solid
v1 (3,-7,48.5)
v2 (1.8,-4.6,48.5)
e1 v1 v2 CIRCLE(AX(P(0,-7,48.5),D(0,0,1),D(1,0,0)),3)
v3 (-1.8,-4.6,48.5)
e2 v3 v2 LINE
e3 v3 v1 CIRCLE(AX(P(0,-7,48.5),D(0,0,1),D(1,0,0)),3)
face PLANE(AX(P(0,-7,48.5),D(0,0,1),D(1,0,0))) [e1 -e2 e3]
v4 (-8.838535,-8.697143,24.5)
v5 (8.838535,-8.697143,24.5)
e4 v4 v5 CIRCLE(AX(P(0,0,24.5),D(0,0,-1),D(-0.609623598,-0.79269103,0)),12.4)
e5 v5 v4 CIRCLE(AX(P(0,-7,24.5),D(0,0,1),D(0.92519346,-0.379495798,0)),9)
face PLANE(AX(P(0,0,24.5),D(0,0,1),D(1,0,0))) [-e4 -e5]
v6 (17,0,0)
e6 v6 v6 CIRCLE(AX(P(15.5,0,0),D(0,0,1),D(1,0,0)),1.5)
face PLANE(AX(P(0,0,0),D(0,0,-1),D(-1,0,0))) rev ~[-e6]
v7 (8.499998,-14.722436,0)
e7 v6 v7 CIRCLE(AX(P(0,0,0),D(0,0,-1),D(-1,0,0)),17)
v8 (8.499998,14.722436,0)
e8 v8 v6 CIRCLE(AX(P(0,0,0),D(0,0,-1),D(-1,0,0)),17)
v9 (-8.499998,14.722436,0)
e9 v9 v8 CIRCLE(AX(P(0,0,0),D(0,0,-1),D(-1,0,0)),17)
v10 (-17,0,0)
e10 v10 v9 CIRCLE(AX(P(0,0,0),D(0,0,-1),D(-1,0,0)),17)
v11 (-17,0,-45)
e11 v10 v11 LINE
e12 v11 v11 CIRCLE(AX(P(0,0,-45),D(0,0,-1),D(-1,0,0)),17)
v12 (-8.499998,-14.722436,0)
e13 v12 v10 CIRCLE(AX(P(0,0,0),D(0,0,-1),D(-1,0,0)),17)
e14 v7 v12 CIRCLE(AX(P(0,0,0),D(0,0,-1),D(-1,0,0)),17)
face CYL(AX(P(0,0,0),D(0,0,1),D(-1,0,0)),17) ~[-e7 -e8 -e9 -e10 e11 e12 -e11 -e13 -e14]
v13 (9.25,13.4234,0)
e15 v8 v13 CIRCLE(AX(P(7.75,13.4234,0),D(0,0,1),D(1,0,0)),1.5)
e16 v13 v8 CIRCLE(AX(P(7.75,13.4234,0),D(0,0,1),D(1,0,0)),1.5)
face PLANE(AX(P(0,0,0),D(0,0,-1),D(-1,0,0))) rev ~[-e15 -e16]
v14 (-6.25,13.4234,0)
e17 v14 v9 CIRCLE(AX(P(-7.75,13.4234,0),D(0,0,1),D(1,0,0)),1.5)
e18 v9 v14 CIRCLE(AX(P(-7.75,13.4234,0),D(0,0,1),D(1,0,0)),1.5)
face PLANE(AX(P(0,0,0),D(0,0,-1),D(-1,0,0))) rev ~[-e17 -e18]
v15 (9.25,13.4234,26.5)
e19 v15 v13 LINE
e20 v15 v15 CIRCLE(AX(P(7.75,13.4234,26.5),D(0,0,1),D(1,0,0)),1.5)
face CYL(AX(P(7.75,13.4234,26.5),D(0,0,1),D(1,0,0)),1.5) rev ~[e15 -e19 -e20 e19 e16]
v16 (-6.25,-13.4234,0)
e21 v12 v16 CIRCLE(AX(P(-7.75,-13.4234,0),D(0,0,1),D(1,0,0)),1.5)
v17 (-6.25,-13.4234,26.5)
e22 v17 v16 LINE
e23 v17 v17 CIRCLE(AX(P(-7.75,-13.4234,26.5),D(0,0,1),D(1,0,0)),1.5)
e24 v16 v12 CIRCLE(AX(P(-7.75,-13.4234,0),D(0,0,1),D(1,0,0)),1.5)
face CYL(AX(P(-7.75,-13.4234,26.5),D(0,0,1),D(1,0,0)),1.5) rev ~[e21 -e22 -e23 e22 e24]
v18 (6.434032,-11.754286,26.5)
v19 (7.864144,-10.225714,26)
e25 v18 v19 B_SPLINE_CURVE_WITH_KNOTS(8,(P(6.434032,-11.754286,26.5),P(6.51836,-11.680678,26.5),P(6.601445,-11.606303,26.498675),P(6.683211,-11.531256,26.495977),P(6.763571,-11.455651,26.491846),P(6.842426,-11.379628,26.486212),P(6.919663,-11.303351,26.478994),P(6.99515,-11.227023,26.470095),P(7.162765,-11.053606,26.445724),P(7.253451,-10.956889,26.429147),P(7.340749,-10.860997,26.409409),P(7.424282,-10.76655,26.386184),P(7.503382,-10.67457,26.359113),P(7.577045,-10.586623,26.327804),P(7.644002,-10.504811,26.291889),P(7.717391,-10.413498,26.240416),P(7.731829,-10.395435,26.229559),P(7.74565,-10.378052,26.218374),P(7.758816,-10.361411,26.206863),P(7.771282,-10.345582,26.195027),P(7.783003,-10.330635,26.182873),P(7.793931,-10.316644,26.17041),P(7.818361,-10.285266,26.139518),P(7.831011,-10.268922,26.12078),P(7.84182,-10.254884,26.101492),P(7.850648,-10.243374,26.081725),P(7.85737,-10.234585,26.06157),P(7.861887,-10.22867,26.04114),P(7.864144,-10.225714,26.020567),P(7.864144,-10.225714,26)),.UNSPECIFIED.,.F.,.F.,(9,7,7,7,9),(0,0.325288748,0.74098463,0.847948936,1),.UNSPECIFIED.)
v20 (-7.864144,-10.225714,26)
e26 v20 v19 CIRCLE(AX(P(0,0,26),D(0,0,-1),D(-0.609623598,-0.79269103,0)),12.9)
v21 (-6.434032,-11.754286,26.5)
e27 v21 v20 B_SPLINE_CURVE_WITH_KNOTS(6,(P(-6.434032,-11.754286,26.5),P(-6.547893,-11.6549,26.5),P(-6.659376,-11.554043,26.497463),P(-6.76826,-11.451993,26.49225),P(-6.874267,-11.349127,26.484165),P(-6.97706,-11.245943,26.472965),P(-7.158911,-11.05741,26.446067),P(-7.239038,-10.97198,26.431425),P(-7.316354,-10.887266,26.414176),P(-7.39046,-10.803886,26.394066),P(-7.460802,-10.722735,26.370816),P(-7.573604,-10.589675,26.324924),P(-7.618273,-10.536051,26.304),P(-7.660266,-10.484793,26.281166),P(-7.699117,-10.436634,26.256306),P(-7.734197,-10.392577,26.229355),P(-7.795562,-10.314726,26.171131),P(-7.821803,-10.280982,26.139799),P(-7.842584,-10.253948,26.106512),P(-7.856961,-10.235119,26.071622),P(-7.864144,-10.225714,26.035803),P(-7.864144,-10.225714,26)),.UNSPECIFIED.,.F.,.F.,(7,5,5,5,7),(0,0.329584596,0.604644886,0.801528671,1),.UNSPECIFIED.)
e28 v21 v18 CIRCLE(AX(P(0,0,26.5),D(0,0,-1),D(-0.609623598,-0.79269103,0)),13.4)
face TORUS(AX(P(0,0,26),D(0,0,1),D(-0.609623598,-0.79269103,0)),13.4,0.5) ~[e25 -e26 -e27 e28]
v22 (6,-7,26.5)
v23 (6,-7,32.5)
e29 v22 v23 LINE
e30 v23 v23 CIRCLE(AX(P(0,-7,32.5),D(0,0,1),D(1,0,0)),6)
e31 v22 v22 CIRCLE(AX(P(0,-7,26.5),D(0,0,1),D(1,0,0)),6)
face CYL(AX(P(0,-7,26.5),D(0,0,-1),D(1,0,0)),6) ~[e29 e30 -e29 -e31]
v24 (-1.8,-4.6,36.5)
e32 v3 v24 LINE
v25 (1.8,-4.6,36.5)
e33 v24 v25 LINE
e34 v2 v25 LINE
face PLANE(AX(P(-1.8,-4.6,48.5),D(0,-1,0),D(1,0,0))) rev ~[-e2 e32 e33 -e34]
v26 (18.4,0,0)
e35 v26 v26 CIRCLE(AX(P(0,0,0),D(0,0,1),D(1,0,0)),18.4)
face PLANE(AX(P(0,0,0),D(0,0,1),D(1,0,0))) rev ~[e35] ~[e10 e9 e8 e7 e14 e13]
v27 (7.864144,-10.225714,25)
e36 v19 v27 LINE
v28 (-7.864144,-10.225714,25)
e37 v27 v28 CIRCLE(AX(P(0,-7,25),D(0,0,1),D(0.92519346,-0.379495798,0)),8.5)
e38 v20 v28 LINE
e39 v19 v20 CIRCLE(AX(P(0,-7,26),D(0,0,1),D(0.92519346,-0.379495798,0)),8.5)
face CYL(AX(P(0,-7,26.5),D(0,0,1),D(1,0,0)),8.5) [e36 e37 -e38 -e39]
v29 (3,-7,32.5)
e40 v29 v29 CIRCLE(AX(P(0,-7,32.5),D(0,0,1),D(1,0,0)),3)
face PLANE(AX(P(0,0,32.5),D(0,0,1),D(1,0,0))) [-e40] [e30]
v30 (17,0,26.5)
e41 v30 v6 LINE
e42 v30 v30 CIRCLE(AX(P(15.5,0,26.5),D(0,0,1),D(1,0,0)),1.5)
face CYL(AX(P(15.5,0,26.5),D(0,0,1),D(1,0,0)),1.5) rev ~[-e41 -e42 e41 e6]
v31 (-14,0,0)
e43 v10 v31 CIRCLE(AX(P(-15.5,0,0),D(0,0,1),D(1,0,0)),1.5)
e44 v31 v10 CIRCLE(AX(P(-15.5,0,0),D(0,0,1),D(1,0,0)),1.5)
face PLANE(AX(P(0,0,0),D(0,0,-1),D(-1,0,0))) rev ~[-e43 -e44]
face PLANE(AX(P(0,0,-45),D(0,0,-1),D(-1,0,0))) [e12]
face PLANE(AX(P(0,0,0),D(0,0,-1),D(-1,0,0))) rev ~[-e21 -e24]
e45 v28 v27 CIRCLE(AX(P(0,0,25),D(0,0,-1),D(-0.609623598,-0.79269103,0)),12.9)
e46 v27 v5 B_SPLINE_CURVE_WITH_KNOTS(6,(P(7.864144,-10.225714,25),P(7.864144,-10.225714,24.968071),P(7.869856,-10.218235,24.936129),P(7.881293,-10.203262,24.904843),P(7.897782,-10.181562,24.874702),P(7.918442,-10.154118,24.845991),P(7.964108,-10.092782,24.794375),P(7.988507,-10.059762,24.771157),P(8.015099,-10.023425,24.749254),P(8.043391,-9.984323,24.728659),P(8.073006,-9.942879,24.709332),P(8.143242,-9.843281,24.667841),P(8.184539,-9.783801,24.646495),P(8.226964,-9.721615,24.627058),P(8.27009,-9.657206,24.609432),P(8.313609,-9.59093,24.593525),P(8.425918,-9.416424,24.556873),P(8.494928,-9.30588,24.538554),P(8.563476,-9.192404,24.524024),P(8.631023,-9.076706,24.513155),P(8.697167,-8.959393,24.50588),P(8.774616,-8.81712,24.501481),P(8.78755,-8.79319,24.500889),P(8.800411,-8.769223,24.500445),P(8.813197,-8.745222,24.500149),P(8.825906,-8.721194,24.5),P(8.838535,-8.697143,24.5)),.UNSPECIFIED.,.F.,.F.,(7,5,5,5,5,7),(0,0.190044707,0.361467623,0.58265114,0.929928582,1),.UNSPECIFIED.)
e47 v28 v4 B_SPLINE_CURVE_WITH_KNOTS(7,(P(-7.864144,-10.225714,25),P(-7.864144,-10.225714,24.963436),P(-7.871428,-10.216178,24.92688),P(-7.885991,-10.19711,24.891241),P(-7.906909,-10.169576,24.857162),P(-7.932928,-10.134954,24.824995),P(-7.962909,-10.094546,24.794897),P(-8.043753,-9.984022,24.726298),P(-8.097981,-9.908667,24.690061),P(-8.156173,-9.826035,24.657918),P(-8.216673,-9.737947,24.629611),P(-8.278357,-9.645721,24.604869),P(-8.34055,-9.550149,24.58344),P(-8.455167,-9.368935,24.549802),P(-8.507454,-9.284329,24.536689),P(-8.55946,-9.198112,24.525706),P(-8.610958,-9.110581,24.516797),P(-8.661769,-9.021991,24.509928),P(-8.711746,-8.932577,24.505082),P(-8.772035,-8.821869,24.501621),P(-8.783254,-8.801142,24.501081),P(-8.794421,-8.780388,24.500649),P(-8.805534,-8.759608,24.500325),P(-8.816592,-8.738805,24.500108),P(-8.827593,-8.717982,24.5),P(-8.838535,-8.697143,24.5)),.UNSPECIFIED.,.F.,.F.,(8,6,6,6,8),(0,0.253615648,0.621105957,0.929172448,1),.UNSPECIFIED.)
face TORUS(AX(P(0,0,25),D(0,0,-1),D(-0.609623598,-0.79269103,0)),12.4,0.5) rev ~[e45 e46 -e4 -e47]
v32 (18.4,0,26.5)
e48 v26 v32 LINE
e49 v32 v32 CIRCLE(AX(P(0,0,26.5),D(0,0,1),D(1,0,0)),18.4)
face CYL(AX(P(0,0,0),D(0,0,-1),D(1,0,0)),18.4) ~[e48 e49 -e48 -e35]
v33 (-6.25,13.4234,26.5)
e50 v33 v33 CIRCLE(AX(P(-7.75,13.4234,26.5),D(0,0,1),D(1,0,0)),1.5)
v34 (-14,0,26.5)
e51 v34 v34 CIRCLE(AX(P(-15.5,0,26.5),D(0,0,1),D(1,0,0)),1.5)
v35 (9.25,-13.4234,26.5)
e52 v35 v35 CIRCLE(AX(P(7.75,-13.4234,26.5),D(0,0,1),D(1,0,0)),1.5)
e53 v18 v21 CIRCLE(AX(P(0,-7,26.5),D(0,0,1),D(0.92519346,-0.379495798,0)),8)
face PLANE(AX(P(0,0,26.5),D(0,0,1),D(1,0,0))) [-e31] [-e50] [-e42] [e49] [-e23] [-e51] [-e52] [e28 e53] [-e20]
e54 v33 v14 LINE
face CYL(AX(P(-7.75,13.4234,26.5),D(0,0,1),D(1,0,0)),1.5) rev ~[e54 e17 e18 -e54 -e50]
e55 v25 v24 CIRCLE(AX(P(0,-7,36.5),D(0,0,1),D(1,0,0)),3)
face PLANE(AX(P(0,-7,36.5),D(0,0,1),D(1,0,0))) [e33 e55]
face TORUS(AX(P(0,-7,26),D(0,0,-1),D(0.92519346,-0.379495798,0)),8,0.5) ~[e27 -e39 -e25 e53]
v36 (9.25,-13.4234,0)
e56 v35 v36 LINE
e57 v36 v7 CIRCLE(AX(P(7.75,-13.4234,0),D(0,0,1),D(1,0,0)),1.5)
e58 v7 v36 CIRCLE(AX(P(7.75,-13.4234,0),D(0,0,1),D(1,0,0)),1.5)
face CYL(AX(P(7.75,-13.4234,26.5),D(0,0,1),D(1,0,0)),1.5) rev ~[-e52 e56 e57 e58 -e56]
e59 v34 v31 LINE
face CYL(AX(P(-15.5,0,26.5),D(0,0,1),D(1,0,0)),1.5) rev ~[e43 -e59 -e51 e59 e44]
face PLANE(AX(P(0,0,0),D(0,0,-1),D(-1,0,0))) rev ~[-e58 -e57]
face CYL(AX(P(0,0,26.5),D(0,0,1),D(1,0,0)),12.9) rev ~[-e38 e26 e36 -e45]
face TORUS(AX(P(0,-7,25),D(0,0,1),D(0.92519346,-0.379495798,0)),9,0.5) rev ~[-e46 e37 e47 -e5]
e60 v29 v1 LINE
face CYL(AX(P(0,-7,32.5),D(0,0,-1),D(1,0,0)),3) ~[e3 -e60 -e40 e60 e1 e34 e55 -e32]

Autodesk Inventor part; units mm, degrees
ref_plane "YZ Plane" through (0, 0, 0) normal (1, 0, 0) x (0, 1, 0)
ref_plane "XZ Plane" through (0, 0, 0) normal (0, 1, 0) x (-1, 0, 0)
ref_plane "XY Plane" through (0, 0, 0) normal (0, 0, 1) x (1, 0, 0)
sketch "Sketch1" plane through (0, 0, 0) normal (0, 0, 1) x (1, 0, 0)
  circle A0 centre (0, 0) radius 18.4
  dimension "d0" = 36.8
extrude "Extrusion1" add sketch "Sketch1" along normal blind 26.5
sketch "Sketch2" plane through (0, 0, 26.5) normal (0, 0, 1) x (1, 0, 0)
  circle A0 centre (0, -7) radius 6
  point P0 (0, 0)
  dimension "d3" = 7
  dimension "d4" = 12
extrude "Extrusion2" add sketch "Sketch2" along normal blind 6
sketch "Sketch3" plane through (0, -7, 32.5) normal (0, 0, 1) x (1, 0, 0)
  circle A0 centre (0, 0) radius 3
  point P0 (0, 7)
  dimension "d7" = 6
extrude "Extrusion3" add sketch "Sketch3" along normal blind 16
sketch "Sketch4" plane through (0, -7, 48.5) normal (0, 0, 1) x (1, 0, 0)
  line L0 (-1.8, 2.4) -> (1.8, 2.4)
  circle A0 centre (0, 0) radius 3 projected
  point P0 (0, 7)
  dimension "d10" = 5.4
extrude "Extrusion4" cut sketch "Sketch4" against normal blind 12 contours A0 L0 picked at (0, 2.6)
sketch "Sketch5" plane through (0, 0, 26.5) normal (0, 0, 1) x (1, 0, 0)
  circle A0 centre (0, 0) radius 18.4 projected
  circle A1 centre (0, 0) radius 12.9
  arc A2 (-1.8, -4.6) -> (1.8, -4.6) centre (0, -7) ccw projected
  circle A3 centre (0, -7) radius 8.5
  point P0 (-7.8641, -10.2257)
  point P1 (7.8641, -10.2257)
  dimension "d13" = 5.5
  dimension "d14" = 17
extrude "Extrusion5" cut sketch "Sketch5" against normal blind 2 contours A1 A3 picked at (-0.0498, 9.0288)
fillet "Fillet1" radius 0.5 4 edges at (0, 12.9, 24.5) (0, 12.9, 26.5) (0, 1.5, 26.5) (0, 1.5, 24.5)
sketch "Sketch6" plane through (0, 0, 26.5) normal (0, 0, 1) x (1, 0, 0)
  circle A0 centre (-15.5, 0) radius 1.5
  circle A1 centre (-7.75, -13.4234) radius 1.5
  circle A2 centre (7.75, -13.4234) radius 1.5
  circle A3 centre (15.5, 0) radius 1.5
  circle A4 centre (7.75, 13.4234) radius 1.5
  circle A5 centre (-7.75, 13.4234) radius 1.5
  point P0 (0, 0)
  point P1 (0, 0)
  dimension "d18" = 3
  dimension "d21" = 360
  dimension "d23" = 31
extrude "Extrusion6" cut sketch "Sketch6" against normal through all
sketch "Sketch7" plane through (0, 0, 0) normal (0, 0, -1) x (-1, 0, 0)
  circle A0 centre (0, 0) radius 18.4
  circle A1 centre (0, 0) radius 18.4 projected
  circle A2 centre (0, 0) radius 17
  dimension "d26" = 34
extrude "Extrusion7" add sketch "Sketch7" along normal blind 45 contours A2
properties part number "37D mm Metal Gearbox Polulu" material "Stainless Steel"
